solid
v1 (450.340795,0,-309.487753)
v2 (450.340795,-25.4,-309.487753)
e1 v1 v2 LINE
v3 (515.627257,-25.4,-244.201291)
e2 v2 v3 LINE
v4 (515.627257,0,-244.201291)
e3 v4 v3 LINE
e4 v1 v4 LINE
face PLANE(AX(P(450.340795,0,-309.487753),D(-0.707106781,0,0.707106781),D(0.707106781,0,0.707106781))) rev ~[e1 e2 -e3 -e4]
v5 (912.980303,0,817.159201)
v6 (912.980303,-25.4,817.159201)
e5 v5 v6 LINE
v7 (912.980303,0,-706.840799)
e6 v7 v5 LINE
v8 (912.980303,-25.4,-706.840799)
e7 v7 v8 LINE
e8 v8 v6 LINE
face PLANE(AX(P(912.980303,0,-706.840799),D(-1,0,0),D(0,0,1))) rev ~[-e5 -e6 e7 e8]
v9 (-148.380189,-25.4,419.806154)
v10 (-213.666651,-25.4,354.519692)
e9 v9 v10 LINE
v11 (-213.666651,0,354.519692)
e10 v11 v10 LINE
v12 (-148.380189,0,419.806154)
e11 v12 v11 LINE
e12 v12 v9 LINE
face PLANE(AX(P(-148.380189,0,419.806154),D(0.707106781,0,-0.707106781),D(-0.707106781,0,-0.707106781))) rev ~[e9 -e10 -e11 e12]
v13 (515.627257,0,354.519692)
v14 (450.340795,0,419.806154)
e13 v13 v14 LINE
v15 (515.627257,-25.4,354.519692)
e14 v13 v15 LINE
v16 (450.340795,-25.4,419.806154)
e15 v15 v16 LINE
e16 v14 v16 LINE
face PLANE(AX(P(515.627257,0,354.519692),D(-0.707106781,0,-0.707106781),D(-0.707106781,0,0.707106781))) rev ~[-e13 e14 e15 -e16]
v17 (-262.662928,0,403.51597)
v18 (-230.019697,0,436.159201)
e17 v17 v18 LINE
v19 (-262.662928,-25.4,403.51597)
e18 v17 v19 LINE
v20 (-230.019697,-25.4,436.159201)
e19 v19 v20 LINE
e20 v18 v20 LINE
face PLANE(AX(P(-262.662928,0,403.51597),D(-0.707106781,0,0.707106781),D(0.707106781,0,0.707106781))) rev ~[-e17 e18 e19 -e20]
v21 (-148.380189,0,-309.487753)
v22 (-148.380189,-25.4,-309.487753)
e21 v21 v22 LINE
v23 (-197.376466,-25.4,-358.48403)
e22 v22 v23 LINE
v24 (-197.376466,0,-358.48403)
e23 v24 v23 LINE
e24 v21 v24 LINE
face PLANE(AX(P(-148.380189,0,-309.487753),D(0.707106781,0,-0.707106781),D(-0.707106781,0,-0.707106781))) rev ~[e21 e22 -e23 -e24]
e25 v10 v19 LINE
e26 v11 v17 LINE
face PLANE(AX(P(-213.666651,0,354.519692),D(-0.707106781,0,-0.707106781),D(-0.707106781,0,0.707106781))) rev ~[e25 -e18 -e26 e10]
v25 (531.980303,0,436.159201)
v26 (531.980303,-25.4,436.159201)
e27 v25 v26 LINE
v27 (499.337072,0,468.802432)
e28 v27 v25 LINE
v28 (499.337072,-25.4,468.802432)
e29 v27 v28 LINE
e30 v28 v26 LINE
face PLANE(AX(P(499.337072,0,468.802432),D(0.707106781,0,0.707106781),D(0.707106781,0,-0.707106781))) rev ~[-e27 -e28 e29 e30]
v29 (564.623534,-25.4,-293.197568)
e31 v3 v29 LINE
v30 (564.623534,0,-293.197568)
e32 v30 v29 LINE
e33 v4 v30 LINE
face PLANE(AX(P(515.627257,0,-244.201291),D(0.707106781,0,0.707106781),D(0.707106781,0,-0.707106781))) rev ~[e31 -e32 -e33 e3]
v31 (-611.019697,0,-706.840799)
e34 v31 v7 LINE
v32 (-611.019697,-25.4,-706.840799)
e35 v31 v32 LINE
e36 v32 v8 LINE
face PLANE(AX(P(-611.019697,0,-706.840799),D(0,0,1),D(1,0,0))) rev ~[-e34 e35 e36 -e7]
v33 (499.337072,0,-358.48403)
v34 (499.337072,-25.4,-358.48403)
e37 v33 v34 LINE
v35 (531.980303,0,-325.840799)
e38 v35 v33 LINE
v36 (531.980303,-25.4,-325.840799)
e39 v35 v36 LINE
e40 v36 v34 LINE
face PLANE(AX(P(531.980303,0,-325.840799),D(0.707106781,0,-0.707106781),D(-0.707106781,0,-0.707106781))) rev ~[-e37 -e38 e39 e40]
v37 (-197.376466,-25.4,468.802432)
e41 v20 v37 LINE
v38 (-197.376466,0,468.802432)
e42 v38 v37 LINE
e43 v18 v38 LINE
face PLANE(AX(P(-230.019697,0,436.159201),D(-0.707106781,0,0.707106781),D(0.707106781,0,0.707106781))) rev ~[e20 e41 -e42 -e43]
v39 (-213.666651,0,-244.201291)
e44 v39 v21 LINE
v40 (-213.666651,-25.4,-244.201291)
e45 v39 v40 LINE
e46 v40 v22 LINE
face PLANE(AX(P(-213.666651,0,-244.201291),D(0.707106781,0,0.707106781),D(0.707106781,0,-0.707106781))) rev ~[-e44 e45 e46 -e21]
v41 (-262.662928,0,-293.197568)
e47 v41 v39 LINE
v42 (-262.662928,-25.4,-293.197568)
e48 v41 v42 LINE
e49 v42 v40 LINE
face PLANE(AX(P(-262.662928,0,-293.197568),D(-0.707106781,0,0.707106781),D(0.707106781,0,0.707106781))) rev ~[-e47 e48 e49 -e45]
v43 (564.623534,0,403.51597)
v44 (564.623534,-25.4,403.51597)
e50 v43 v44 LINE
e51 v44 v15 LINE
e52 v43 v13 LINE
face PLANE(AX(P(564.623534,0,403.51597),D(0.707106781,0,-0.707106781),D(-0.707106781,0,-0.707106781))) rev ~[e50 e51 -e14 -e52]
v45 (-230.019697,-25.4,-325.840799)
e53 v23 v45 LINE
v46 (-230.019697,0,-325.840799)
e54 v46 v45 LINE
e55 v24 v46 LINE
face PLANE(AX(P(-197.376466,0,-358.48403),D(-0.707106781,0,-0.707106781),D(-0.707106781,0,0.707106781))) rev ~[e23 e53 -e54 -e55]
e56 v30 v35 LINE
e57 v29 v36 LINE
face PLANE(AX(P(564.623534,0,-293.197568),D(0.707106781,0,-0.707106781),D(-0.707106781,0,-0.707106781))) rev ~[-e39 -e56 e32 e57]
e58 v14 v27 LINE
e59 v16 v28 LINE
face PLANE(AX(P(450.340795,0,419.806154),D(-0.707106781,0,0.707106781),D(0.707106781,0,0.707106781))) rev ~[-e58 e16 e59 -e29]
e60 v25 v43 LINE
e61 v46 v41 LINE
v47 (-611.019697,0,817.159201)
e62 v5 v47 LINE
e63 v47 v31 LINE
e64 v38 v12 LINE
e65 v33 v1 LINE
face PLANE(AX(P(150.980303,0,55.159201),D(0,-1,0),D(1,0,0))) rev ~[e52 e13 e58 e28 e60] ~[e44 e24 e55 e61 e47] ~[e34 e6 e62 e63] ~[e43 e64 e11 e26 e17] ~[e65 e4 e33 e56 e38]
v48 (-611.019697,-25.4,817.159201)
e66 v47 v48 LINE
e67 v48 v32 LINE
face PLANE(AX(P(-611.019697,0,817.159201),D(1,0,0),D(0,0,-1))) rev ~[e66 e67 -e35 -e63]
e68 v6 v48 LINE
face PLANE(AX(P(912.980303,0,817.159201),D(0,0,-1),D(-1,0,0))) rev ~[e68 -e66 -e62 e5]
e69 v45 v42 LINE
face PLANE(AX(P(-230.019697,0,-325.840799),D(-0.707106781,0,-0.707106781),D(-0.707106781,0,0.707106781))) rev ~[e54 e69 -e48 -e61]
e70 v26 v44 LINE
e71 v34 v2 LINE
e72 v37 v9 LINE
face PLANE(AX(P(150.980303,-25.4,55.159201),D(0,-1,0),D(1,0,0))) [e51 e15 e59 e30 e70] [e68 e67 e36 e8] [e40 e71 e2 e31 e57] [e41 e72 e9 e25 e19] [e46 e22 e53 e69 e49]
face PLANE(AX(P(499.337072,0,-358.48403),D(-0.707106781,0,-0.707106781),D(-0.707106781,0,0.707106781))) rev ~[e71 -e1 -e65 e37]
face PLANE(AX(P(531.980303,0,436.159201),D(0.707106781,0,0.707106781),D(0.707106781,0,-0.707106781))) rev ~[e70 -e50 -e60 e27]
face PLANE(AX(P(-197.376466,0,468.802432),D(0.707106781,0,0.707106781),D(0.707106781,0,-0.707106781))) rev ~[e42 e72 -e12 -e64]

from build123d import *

# Parameters (mm, degrees)
F0_W     = 254
F0_H     = 254
F1_DEPTH = 25.4


with BuildPart() as f1:
    # F0 (on Front) → F1 (new body)
    with BuildSketch(Plane.XZ):
        Polygon((-306.2196969569, 817.159200755), (-611.0196969569, 817.159200755), (-611.0196969569, 512.359200755), (-611.0196969569, 207.559200755), (-611.0196969569, -706.840799245), (912.9803030431, -706.840799245), (912.9803030431, 817.159200755), (-1.4196969569, 817.159200755), align=None)
        with Locations((-153.8196969569, -554.440799245)):
            Rectangle(F0_W, F0_H, mode=Mode.SUBTRACT)
        with Locations((-458.6196969569, -249.640799245)):
            Rectangle(F0_W, F0_H, mode=Mode.SUBTRACT)
        with Locations((455.7803030431, -554.440799245)):
            Rectangle(F0_W, F0_H, mode=Mode.SUBTRACT)
        with Locations((760.5803030431, -249.640799245)):
            Rectangle(F0_W, F0_H, mode=Mode.SUBTRACT)
        with Locations((-458.6196969569, 359.959200755)):
            Rectangle(F0_W, F0_H, mode=Mode.SUBTRACT)
        Polygon((608.1803030431, 512.359200755), (608.1803030431, -402.040799245), (-306.2196969569, -402.040799245), (-306.2196969569, 207.559200755), (-306.2196969569, 512.359200755), (-1.4196969569, 512.359200755), align=None, mode=Mode.SUBTRACT)
        with Locations((-153.8196969569, 664.759200755)):
            Rectangle(F0_W, F0_H, mode=Mode.SUBTRACT)
        with Locations((760.5803030431, 359.959200755)):
            Rectangle(F0_W, F0_H, mode=Mode.SUBTRACT)
        with Locations((455.7803030431, 664.759200755)):
            Rectangle(F0_W, F0_H, mode=Mode.SUBTRACT)
        Polygon((-306.2196969569, -402.040799245), (608.1803030431, -402.040799245), (608.1803030431, 512.359200755), (-1.4196969569, 512.359200755), (-306.2196969569, 512.359200755), (-306.2196969569, 207.559200755), align=None)
        Polygon((-179.2196969569, 486.959200755), (582.7803030431, 486.959200755), (582.7803030431, -376.640799245), (-280.8196969569, -376.640799245), (-280.8196969569, 385.359200755), (-280.8196969569, 486.959200755), align=None, mode=Mode.SUBTRACT)
        Polygon((582.7803030431, -376.640799245), (582.7803030431, 486.959200755), (-179.2196969569, 486.959200755), (-280.8196969569, 486.959200755), (-280.8196969569, 385.359200755), (-280.8196969569, -376.640799245), align=None)
        Polygon((-262.662927957, -293.197568245), (-213.6666505604, -244.2012908484), (-148.3801885602, -309.4877528486), (-197.3764659568, -358.4840302451), (-230.0196969569, -325.840799245), align=None, mode=Mode.SUBTRACT)
        Polygon((450.3407946465, -309.4877528486), (515.6272566467, -244.2012908484), (564.6235340432, -293.197568245), (531.9803030431, -325.840799245), (499.337072043, -358.4840302451), align=None, mode=Mode.SUBTRACT)
        Polygon((-230.0196969569, 436.159200755), (-197.3764659568, 468.802431755), (-148.3801885602, 419.8061543585), (-213.6666505604, 354.5196923583), (-262.662927957, 403.5159697549), align=None, mode=Mode.SUBTRACT)
        Polygon((564.6235340432, 403.5159697549), (515.6272566467, 354.5196923583), (450.3407946465, 419.8061543585), (499.337072043, 468.802431755), (531.9803030431, 436.159200755), align=None, mode=Mode.SUBTRACT)
        with Locations((-458.6196969569, 359.959200755)):
            Rectangle(F0_W, F0_H)
        with Locations((-153.8196969569, 664.759200755)):
            Rectangle(F0_W, F0_H)
        with Locations((455.7803030431, 664.759200755)):
            Rectangle(F0_W, F0_H)
        with Locations((760.5803030431, 359.959200755)):
            Rectangle(F0_W, F0_H)
        with Locations((760.5803030431, -249.640799245)):
            Rectangle(F0_W, F0_H)
        with Locations((455.7803030431, -554.440799245)):
            Rectangle(F0_W, F0_H)
        with Locations((-153.8196969569, -554.440799245)):
            Rectangle(F0_W, F0_H)
        with Locations((-458.6196969569, -249.640799245)):
            Rectangle(F0_W, F0_H)
    extrude(amount=F1_DEPTH)


solid = f1.part
